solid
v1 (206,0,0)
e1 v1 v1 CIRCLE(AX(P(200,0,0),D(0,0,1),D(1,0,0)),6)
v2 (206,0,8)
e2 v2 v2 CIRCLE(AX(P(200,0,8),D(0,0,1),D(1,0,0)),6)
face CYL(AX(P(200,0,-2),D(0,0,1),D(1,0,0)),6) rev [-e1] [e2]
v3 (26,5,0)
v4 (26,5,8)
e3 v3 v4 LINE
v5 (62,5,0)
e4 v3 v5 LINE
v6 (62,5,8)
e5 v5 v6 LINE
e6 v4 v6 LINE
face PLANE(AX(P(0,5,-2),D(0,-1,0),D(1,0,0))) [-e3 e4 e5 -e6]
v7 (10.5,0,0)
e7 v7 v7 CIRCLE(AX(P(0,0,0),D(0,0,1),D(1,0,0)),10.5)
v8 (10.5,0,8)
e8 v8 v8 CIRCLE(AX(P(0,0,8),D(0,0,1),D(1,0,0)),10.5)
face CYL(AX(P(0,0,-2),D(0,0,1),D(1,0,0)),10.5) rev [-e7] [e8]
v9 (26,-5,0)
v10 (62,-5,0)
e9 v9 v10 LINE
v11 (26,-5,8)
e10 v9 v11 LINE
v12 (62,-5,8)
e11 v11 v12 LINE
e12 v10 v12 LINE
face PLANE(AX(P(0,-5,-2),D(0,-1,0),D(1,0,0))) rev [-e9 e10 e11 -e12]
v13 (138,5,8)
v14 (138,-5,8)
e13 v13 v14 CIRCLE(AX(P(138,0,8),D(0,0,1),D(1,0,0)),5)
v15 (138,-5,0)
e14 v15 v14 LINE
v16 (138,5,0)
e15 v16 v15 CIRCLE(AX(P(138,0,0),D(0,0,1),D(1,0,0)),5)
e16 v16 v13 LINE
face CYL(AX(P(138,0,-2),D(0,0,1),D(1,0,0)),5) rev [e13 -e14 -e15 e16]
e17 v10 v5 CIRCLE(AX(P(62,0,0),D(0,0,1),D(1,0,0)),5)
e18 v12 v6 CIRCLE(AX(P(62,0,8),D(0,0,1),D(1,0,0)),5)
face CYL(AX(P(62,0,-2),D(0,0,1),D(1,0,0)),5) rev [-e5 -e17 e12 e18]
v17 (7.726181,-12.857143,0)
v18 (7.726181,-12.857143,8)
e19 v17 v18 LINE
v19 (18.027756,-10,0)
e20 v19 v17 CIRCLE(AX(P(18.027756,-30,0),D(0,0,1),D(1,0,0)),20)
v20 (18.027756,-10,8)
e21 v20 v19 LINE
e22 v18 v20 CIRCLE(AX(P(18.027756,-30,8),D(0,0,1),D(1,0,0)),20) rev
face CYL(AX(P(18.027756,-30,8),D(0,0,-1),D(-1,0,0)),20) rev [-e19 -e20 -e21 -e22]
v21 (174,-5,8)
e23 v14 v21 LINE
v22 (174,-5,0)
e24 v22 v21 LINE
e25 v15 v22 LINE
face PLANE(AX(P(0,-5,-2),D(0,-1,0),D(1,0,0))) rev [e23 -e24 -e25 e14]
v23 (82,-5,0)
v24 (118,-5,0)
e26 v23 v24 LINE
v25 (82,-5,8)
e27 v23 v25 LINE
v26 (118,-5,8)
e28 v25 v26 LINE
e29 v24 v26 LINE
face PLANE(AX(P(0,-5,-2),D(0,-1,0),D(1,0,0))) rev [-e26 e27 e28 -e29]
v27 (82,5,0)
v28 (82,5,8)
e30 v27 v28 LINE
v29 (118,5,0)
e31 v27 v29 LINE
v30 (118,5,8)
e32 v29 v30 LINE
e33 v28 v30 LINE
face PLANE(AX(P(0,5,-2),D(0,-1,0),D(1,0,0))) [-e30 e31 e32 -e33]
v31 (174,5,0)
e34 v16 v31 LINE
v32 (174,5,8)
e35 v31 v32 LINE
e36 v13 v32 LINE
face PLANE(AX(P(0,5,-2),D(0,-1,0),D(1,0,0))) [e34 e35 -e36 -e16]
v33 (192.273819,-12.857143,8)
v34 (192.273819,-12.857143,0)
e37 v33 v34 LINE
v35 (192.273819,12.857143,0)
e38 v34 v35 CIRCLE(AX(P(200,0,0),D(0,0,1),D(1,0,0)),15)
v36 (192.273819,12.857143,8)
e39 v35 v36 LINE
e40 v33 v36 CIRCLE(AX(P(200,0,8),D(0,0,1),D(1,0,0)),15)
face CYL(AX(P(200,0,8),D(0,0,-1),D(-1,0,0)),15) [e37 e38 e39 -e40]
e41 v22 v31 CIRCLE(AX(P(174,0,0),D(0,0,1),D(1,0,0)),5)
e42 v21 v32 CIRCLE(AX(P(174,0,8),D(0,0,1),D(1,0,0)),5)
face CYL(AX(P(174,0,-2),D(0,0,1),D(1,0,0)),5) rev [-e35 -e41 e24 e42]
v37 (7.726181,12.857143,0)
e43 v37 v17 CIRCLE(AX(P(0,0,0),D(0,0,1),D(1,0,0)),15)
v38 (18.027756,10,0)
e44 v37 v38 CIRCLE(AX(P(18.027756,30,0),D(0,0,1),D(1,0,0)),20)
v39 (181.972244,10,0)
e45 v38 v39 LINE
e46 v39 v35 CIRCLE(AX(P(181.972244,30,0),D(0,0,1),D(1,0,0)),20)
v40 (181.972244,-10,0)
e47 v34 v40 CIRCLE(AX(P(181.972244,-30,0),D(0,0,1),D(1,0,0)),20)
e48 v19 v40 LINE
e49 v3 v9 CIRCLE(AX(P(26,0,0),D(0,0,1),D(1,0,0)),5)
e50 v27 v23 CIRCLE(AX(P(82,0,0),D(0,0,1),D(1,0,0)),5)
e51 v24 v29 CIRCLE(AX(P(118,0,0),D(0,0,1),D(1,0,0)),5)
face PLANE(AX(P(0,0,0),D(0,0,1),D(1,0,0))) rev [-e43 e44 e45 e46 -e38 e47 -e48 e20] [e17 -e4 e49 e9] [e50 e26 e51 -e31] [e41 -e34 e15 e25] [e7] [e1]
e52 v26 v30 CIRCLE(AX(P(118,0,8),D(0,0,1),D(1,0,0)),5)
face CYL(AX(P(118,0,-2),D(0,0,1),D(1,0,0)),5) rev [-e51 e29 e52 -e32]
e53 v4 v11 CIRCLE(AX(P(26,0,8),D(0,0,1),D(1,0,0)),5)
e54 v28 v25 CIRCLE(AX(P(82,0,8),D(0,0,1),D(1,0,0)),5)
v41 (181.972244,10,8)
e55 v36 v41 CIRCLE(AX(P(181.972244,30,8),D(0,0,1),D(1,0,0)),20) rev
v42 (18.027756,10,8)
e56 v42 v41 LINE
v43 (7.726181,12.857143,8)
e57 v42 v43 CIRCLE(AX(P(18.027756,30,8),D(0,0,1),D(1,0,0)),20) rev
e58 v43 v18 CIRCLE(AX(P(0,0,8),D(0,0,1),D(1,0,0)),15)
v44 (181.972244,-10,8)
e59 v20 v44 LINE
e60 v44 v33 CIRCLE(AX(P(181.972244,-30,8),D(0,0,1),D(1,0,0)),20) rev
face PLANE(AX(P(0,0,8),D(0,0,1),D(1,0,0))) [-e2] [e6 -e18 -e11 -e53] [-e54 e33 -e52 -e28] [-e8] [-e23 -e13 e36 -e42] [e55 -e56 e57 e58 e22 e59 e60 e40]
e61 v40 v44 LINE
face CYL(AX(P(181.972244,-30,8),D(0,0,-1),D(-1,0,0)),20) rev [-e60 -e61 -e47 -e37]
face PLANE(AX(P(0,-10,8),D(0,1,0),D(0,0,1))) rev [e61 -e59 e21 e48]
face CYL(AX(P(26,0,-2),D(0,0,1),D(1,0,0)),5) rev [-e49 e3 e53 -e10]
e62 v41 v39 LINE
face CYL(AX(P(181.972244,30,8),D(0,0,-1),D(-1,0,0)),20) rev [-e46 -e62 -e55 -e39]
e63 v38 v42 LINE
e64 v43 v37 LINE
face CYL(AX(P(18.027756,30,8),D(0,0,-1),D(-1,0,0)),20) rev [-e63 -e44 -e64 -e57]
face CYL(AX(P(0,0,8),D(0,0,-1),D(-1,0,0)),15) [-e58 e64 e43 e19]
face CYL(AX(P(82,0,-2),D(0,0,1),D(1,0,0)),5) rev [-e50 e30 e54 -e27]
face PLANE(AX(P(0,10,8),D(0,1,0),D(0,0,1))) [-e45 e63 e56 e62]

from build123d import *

# Parameters (mm, degrees)
EXTRUDE_1_DEPTH     = 8
FILLET_1_R          = 20
SKETCH_5_R          = 10.5
SKETCH_5_R_2        = 6
CUT_EXTRUDE_4_DEPTH = 10
CUT_EXTRUDE_5_DEPTH = 10


with BuildPart() as part:
    # 草图1 → 凸台-拉伸1 (new body)
    with BuildSketch(Plane.XY):
        with BuildLine():
            Line((0, -10), (0, 10))
            Line((0, 10), (11.180339887, 10))
            ThreePointArc((11.180339887, 10), (-15, 0), (11.180339887, -10))
            Line((11.180339887, -10), (0, -10))
        make_face()
        with BuildLine():
            Line((11.180339887, 10), (0, 10))
            Line((0, 10), (0, -10))
            Line((0, -10), (11.180339887, -10))
            ThreePointArc((11.180339887, -10), (14.012585384, -5.352331347), (15, 0))
            ThreePointArc((15, 0), (14.012585384, 5.352331347), (11.180339887, 10))
        make_face()
        with BuildLine():
            Line((188.819660113, 10), (11.180339887, 10))
            ThreePointArc((11.180339887, 10), (14.012585384, 5.352331347), (15, 0))
            ThreePointArc((15, 0), (14.012585384, -5.352331347), (11.180339887, -10))
            Line((11.180339887, -10), (188.819660113, -10))
            ThreePointArc((188.819660113, -10), (185, 0), (188.819660113, 10))
        make_face()
        with BuildLine():
            ThreePointArc((215, 0), (205.352331347, 14.012585384), (188.819660113, 10))
            Line((188.819660113, 10), (200, 10))
            Line((200, 10), (200, -10))
            Line((200, -10), (188.819660113, -10))
            ThreePointArc((188.819660113, -10), (205.352331347, -14.012585384), (215, 0))
        make_face()
        with BuildLine():
            Line((200, 10), (188.819660113, 10))
            ThreePointArc((188.819660113, 10), (185, 0), (188.819660113, -10))
            Line((188.819660113, -10), (200, -10))
            Line((200, -10), (200, 10))
        make_face()
    extrude(amount=EXTRUDE_1_DEPTH)

    # 圆角1
    fillet_1_edges = [part.edges().sort_by_distance(p)[0] for p in [
        (11.180339887, 10, 4),
        (188.819660113, 10, 4),
        (188.819660113, -10, 4),
        (11.180339887, -10, 4),
    ]]
    fillet(fillet_1_edges, radius=FILLET_1_R)

    # 草图5 → 切除-拉伸4 (cut)
    with BuildSketch(Plane.XY.offset(8)):
        Circle(SKETCH_5_R)
        with Locations((200, 0)):
            Circle(SKETCH_5_R_2)
    extrude(amount=-CUT_EXTRUDE_4_DEPTH, mode=Mode.SUBTRACT)

    # 草图6 → 切除-拉伸5 (cut)
    with BuildSketch(Plane.XY.offset(8)):
        with BuildLine():
            ThreePointArc((31, 0), (29.535533906, -3.535533906), (26, -5))
            Line((26, -5), (62, -5))
            ThreePointArc((62, -5), (57, 0), (62, 5))
            Line((62, 5), (26, 5))
            ThreePointArc((26, 5), (29.535533906, 3.535533906), (31, 0))
        make_face()
        with BuildLine():
            ThreePointArc((26, 5), (21, 0), (26, -5))
            Line((26, -5), (26, 5))
        make_face()
        with BuildLine():
            Line((26, 5), (26, -5))
            ThreePointArc((26, -5), (29.535533906, -3.535533906), (31, 0))
            ThreePointArc((31, 0), (29.535533906, 3.535533906), (26, 5))
        make_face()
        with BuildLine():
            ThreePointArc((62, 5), (57, 0), (62, -5))
            Line((62, -5), (62, 5))
        make_face()
        with BuildLine():
            Line((62, 5), (62, -5))
            ThreePointArc((62, -5), (65.535533906, -3.535533906), (67, 0))
            ThreePointArc((67, 0), (65.535533906, 3.535533906), (62, 5))
        make_face()
        with BuildLine():
            ThreePointArc((82, 5), (77, 0), (82, -5))
            Line((82, -5), (82, 5))
        make_face()
        with BuildLine():
            Line((82, 5), (82, -5))
            ThreePointArc((82, -5), (85.535533906, -3.535533906), (87, 0))
            ThreePointArc((87, 0), (85.535533906, 3.535533906), (82, 5))
        make_face()
        with BuildLine():
            ThreePointArc((87, 0), (85.535533906, -3.535533906), (82, -5))
            Line((82, -5), (118, -5))
            ThreePointArc((118, -5), (113, 0), (118, 5))
            Line((118, 5), (82, 5))
            ThreePointArc((82, 5), (85.535533906, 3.535533906), (87, 0))
        make_face()
        with BuildLine():
            ThreePointArc((118, 5), (113, 0), (118, -5))
            Line((118, -5), (118, 5))
        make_face()
        with BuildLine():
            Line((118, 5), (118, -5))
            ThreePointArc((118, -5), (121.535533906, -3.535533906), (123, 0))
            ThreePointArc((123, 0), (121.535533906, 3.535533906), (118, 5))
        make_face()
        with BuildLine():
            ThreePointArc((138, 5), (133, 0), (138, -5))
            Line((138, -5), (138, 5))
        make_face()
        with BuildLine():
            Line((138, 5), (138, -5))
            ThreePointArc((138, -5), (141.535533906, -3.535533906), (143, 0))
            ThreePointArc((143, 0), (141.535533906, 3.535533906), (138, 5))
        make_face()
        with BuildLine():
            ThreePointArc((143, 0), (141.535533906, -3.535533906), (138, -5))
            Line((138, -5), (174, -5))
            ThreePointArc((174, -5), (169, 0), (174, 5))
            Line((174, 5), (138, 5))
            ThreePointArc((138, 5), (141.535533906, 3.535533906), (143, 0))
        make_face()
        with BuildLine():
            ThreePointArc((174, 5), (169, 0), (174, -5))
            Line((174, -5), (174, 5))
        make_face()
        with BuildLine():
            Line((174, 5), (174, -5))
            ThreePointArc((174, -5), (177.535533906, -3.535533906), (179, 0))
            ThreePointArc((179, 0), (177.535533906, 3.535533906), (174, 5))
        make_face()
    extrude(amount=-CUT_EXTRUDE_5_DEPTH, mode=Mode.SUBTRACT)


solid = part.part
